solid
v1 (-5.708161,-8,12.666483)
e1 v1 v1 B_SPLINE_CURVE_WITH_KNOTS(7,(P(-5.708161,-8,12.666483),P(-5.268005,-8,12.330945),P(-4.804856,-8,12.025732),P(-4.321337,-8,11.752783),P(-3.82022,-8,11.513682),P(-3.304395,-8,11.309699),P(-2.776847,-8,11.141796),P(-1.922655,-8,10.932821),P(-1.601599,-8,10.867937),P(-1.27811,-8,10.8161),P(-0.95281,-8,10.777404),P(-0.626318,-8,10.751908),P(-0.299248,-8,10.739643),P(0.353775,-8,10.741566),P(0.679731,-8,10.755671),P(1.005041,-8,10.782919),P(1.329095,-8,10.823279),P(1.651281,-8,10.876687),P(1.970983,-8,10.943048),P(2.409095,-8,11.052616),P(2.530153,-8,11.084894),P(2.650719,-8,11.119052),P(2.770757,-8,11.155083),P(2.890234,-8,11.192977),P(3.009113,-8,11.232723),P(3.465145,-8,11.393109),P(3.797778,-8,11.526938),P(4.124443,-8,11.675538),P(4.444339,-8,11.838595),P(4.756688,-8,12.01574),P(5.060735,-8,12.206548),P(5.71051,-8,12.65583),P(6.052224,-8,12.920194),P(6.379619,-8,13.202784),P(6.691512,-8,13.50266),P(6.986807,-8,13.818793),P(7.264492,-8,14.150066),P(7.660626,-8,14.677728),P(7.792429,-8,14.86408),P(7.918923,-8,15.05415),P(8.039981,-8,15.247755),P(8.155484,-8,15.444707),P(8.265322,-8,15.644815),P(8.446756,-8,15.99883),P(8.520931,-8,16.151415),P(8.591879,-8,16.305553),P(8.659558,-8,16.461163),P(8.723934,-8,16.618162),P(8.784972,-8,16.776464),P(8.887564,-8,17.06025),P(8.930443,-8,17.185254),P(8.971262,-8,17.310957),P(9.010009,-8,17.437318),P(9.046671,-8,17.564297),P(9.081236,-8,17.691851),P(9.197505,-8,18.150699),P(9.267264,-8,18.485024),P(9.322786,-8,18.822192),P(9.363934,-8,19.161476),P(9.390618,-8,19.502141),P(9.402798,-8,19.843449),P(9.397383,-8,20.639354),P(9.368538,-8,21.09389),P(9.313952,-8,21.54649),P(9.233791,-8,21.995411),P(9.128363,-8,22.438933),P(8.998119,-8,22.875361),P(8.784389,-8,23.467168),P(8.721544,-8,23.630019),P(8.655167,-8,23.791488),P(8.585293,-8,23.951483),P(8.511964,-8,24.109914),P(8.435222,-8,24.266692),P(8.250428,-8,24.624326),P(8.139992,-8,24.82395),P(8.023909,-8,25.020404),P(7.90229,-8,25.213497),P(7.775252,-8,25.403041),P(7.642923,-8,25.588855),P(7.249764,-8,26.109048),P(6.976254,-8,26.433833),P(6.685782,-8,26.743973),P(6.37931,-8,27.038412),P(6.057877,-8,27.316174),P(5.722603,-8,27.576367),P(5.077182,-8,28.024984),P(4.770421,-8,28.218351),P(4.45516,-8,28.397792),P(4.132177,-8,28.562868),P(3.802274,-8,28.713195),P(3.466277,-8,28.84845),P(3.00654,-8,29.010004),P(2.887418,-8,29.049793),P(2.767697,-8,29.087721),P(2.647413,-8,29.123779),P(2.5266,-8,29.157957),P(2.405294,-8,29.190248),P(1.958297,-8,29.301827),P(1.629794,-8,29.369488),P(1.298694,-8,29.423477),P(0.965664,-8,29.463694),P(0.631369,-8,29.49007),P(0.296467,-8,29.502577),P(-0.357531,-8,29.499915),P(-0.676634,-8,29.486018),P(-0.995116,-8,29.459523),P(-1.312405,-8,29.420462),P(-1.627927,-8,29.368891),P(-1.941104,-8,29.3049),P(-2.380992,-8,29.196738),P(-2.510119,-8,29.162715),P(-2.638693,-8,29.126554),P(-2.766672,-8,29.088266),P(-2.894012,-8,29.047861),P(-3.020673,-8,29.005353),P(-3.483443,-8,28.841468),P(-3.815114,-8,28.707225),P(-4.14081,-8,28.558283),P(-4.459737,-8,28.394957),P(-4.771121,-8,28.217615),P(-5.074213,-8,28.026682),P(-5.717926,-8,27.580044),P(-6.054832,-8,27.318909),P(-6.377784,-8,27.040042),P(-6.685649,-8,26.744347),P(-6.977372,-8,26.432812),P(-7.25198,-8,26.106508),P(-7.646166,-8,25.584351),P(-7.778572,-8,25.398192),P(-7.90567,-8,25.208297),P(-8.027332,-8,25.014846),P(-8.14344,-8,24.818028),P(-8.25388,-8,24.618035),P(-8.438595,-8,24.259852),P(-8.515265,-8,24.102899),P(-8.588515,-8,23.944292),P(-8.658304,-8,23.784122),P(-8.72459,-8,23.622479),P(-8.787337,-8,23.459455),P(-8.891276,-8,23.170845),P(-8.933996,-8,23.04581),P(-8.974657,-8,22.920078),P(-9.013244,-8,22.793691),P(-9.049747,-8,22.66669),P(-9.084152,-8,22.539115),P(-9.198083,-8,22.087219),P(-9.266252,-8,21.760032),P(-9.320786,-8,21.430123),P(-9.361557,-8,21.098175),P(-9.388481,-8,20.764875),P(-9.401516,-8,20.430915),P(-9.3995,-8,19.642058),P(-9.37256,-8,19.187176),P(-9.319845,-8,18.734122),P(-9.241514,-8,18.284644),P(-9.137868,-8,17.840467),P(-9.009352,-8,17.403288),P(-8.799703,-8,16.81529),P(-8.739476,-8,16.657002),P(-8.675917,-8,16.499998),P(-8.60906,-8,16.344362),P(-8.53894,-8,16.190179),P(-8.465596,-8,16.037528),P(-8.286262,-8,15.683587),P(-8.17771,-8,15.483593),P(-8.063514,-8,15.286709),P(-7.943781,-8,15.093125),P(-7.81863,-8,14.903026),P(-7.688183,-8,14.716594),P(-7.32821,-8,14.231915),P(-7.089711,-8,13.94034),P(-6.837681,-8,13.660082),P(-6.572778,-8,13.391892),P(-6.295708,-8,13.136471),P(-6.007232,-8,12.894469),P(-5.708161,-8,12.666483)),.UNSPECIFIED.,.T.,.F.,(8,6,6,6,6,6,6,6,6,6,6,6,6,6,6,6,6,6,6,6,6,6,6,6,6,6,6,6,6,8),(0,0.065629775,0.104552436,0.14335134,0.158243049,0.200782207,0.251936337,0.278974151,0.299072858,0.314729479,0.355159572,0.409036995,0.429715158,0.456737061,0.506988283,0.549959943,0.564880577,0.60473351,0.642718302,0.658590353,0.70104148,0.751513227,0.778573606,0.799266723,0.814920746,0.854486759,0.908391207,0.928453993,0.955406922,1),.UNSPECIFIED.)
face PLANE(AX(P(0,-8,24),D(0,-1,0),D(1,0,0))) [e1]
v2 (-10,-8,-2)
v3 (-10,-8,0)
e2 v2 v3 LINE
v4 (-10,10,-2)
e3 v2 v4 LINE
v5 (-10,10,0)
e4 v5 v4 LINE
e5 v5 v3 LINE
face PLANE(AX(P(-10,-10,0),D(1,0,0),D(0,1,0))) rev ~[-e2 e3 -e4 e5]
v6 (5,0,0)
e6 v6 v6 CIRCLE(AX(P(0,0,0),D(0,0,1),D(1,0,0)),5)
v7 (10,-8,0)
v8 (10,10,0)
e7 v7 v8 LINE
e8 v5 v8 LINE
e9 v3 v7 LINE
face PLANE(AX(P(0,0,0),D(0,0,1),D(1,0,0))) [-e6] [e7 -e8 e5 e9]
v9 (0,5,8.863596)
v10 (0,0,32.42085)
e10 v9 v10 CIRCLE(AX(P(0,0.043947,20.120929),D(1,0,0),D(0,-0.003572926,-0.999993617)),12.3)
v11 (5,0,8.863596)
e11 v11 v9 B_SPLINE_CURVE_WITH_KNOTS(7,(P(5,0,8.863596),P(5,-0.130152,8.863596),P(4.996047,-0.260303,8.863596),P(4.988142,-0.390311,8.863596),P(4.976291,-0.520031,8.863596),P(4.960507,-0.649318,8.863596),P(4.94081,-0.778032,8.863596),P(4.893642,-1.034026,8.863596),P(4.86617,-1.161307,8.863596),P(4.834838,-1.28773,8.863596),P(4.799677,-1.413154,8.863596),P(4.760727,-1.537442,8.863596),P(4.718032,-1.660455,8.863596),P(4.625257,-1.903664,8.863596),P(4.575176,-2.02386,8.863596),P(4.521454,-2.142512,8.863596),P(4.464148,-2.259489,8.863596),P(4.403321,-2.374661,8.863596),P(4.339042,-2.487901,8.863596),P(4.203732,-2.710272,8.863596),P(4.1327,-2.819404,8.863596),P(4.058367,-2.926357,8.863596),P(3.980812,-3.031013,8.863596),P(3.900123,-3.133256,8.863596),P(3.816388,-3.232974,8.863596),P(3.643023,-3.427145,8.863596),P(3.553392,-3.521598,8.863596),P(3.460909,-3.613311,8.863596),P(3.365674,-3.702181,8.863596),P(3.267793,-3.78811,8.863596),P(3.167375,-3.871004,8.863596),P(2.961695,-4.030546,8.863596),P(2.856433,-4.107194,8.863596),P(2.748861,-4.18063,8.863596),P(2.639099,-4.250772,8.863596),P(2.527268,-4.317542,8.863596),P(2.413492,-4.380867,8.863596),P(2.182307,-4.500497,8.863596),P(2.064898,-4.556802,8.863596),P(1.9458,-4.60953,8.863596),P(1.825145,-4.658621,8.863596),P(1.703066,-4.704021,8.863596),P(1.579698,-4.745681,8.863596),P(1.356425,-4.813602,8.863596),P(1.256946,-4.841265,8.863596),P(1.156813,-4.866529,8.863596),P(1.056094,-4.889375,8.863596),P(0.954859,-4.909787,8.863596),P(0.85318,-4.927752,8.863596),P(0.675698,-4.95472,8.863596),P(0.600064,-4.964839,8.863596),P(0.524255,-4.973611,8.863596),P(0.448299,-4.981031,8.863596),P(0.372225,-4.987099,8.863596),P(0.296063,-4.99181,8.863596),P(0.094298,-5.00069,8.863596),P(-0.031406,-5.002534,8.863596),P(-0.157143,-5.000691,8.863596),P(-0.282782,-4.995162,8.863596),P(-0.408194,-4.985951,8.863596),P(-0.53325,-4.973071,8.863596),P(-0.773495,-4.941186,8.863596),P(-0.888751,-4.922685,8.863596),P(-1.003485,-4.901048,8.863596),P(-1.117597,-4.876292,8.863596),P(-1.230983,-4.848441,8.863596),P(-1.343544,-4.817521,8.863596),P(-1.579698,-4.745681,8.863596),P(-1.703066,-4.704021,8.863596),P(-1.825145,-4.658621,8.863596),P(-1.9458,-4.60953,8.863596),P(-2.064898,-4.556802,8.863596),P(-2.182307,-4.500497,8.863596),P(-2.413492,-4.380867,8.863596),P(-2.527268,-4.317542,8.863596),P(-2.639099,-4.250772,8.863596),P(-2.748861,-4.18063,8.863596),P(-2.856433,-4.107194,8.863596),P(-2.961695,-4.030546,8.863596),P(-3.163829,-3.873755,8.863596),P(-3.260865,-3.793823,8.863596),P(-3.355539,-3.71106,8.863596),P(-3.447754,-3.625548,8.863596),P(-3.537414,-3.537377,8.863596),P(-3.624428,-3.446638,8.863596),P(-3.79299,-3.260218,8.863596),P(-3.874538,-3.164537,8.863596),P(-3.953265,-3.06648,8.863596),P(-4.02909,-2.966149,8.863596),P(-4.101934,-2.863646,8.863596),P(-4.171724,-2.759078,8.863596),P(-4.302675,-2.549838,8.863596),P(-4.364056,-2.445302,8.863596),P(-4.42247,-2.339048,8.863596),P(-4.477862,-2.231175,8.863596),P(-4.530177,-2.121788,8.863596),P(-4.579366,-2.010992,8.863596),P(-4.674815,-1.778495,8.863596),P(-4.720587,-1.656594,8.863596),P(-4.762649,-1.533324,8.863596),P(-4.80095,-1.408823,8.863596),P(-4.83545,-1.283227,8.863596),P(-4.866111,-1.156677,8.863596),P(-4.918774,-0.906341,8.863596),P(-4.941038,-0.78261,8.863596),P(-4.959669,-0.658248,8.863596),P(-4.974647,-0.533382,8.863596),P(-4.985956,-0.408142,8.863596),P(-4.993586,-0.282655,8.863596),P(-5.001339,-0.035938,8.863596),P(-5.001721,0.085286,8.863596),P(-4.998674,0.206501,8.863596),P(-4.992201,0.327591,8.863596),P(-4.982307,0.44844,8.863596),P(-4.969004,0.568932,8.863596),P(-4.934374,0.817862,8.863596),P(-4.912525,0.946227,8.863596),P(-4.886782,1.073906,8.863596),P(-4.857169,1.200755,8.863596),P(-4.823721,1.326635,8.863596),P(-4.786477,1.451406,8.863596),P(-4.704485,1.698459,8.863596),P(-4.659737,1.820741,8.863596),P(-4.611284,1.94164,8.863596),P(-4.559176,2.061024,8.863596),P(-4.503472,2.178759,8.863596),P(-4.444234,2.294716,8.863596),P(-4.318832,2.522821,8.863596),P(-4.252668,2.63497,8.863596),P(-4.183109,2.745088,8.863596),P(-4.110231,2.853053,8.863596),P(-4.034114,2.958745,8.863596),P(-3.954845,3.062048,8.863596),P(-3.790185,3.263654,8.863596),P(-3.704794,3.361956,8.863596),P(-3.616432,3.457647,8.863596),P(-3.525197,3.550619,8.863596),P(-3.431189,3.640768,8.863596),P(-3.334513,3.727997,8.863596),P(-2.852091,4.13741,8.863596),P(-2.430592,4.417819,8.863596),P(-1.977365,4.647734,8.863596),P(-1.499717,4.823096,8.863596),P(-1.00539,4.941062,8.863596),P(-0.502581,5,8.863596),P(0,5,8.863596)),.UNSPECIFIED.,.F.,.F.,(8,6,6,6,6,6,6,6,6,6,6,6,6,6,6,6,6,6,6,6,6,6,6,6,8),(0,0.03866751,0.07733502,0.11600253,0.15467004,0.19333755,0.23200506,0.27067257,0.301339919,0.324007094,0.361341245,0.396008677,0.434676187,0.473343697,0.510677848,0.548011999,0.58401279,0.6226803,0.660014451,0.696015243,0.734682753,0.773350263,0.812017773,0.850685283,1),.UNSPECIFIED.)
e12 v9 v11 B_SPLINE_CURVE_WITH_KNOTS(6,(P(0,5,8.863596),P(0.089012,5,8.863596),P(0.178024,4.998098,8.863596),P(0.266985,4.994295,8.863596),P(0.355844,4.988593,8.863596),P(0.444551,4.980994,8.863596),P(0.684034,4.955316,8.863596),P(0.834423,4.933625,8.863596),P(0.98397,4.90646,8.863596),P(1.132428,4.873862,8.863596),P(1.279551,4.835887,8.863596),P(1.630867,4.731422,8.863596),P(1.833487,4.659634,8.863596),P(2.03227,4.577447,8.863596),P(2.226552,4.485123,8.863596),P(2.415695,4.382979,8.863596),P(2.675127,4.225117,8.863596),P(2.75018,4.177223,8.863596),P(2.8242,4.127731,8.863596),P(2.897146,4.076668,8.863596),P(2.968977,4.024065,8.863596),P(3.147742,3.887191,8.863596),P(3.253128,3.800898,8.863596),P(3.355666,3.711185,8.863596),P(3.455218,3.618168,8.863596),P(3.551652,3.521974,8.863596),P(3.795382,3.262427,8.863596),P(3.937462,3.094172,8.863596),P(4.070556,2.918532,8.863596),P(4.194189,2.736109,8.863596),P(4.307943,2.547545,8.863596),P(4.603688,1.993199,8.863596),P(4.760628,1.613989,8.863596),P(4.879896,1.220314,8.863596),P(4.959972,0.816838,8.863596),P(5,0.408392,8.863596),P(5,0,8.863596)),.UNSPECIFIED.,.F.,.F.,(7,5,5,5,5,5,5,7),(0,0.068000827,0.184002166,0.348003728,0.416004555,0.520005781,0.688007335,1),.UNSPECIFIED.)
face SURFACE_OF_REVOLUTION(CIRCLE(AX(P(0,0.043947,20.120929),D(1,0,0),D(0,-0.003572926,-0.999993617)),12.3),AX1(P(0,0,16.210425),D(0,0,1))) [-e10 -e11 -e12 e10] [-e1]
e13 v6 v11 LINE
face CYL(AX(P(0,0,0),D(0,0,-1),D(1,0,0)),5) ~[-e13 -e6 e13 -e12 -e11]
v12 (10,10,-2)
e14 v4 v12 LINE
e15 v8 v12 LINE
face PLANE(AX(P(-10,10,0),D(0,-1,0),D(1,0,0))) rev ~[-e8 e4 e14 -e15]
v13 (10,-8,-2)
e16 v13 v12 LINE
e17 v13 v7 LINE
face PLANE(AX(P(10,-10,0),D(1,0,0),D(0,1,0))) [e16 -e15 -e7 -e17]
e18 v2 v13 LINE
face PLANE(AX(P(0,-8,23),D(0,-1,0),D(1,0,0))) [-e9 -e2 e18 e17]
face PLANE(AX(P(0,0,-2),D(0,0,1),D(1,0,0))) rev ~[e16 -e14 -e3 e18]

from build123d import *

# Parameters (mm, degrees)
F0_W     = 20
F0_H     = 20
F0_R     = 5
F1_DEPTH = 2
F2_DEPTH = 10
F5_W     = 20
F5_H     = 48
F6_DEPTH = 2
F5_H_2   = 50
F7_DEPTH = 5
F8_DEPTH = 2


with BuildPart() as f1:
    # F0 (on Top) → F1 (new body)
    with BuildSketch(Plane.XY):
        Rectangle(F0_W, F0_H)
        Circle(F0_R, mode=Mode.SUBTRACT)
        Circle(F0_R)
    extrude(amount=-F1_DEPTH)

    # F0 (on Top) → F2 (join)
    with BuildSketch(Plane.XY):
        Circle(F0_R)
    extrude(amount=F2_DEPTH)

    # F3 (on Right) → F4 (revolve)
    with BuildSketch(Plane.YZ):
        with BuildLine():
            Line((0, 32.42085), (0, 7.821007))
            ThreePointArc((0, 7.821007), (12.343947, 20.120929), (0, 32.42085))
        make_face()
    revolve(axis=Axis((0, 0, 16.210425), (0, 0, 1)))

    # F5 (on face) → F6 (cut)
    with BuildSketch(Plane.XZ.offset(10)):
        with Locations((0, 24)):
            Rectangle(F5_W, F5_H)
    extrude(amount=-F6_DEPTH, mode=Mode.SUBTRACT)

    # F5 (on face) → F7 (cut)
    with BuildSketch(Plane.XZ.offset(10)):
        with Locations((0, 23)):
            Rectangle(F5_W, F5_H_2)
    extrude(amount=F7_DEPTH, mode=Mode.SUBTRACT)

    # F5 (on face) → F8 (cut)
    with BuildSketch(Plane.XZ.offset(10)):
        with Locations((0, 23)):
            Rectangle(F5_W, F5_H_2)
    extrude(amount=-F8_DEPTH, mode=Mode.SUBTRACT)


solid = f1.part
